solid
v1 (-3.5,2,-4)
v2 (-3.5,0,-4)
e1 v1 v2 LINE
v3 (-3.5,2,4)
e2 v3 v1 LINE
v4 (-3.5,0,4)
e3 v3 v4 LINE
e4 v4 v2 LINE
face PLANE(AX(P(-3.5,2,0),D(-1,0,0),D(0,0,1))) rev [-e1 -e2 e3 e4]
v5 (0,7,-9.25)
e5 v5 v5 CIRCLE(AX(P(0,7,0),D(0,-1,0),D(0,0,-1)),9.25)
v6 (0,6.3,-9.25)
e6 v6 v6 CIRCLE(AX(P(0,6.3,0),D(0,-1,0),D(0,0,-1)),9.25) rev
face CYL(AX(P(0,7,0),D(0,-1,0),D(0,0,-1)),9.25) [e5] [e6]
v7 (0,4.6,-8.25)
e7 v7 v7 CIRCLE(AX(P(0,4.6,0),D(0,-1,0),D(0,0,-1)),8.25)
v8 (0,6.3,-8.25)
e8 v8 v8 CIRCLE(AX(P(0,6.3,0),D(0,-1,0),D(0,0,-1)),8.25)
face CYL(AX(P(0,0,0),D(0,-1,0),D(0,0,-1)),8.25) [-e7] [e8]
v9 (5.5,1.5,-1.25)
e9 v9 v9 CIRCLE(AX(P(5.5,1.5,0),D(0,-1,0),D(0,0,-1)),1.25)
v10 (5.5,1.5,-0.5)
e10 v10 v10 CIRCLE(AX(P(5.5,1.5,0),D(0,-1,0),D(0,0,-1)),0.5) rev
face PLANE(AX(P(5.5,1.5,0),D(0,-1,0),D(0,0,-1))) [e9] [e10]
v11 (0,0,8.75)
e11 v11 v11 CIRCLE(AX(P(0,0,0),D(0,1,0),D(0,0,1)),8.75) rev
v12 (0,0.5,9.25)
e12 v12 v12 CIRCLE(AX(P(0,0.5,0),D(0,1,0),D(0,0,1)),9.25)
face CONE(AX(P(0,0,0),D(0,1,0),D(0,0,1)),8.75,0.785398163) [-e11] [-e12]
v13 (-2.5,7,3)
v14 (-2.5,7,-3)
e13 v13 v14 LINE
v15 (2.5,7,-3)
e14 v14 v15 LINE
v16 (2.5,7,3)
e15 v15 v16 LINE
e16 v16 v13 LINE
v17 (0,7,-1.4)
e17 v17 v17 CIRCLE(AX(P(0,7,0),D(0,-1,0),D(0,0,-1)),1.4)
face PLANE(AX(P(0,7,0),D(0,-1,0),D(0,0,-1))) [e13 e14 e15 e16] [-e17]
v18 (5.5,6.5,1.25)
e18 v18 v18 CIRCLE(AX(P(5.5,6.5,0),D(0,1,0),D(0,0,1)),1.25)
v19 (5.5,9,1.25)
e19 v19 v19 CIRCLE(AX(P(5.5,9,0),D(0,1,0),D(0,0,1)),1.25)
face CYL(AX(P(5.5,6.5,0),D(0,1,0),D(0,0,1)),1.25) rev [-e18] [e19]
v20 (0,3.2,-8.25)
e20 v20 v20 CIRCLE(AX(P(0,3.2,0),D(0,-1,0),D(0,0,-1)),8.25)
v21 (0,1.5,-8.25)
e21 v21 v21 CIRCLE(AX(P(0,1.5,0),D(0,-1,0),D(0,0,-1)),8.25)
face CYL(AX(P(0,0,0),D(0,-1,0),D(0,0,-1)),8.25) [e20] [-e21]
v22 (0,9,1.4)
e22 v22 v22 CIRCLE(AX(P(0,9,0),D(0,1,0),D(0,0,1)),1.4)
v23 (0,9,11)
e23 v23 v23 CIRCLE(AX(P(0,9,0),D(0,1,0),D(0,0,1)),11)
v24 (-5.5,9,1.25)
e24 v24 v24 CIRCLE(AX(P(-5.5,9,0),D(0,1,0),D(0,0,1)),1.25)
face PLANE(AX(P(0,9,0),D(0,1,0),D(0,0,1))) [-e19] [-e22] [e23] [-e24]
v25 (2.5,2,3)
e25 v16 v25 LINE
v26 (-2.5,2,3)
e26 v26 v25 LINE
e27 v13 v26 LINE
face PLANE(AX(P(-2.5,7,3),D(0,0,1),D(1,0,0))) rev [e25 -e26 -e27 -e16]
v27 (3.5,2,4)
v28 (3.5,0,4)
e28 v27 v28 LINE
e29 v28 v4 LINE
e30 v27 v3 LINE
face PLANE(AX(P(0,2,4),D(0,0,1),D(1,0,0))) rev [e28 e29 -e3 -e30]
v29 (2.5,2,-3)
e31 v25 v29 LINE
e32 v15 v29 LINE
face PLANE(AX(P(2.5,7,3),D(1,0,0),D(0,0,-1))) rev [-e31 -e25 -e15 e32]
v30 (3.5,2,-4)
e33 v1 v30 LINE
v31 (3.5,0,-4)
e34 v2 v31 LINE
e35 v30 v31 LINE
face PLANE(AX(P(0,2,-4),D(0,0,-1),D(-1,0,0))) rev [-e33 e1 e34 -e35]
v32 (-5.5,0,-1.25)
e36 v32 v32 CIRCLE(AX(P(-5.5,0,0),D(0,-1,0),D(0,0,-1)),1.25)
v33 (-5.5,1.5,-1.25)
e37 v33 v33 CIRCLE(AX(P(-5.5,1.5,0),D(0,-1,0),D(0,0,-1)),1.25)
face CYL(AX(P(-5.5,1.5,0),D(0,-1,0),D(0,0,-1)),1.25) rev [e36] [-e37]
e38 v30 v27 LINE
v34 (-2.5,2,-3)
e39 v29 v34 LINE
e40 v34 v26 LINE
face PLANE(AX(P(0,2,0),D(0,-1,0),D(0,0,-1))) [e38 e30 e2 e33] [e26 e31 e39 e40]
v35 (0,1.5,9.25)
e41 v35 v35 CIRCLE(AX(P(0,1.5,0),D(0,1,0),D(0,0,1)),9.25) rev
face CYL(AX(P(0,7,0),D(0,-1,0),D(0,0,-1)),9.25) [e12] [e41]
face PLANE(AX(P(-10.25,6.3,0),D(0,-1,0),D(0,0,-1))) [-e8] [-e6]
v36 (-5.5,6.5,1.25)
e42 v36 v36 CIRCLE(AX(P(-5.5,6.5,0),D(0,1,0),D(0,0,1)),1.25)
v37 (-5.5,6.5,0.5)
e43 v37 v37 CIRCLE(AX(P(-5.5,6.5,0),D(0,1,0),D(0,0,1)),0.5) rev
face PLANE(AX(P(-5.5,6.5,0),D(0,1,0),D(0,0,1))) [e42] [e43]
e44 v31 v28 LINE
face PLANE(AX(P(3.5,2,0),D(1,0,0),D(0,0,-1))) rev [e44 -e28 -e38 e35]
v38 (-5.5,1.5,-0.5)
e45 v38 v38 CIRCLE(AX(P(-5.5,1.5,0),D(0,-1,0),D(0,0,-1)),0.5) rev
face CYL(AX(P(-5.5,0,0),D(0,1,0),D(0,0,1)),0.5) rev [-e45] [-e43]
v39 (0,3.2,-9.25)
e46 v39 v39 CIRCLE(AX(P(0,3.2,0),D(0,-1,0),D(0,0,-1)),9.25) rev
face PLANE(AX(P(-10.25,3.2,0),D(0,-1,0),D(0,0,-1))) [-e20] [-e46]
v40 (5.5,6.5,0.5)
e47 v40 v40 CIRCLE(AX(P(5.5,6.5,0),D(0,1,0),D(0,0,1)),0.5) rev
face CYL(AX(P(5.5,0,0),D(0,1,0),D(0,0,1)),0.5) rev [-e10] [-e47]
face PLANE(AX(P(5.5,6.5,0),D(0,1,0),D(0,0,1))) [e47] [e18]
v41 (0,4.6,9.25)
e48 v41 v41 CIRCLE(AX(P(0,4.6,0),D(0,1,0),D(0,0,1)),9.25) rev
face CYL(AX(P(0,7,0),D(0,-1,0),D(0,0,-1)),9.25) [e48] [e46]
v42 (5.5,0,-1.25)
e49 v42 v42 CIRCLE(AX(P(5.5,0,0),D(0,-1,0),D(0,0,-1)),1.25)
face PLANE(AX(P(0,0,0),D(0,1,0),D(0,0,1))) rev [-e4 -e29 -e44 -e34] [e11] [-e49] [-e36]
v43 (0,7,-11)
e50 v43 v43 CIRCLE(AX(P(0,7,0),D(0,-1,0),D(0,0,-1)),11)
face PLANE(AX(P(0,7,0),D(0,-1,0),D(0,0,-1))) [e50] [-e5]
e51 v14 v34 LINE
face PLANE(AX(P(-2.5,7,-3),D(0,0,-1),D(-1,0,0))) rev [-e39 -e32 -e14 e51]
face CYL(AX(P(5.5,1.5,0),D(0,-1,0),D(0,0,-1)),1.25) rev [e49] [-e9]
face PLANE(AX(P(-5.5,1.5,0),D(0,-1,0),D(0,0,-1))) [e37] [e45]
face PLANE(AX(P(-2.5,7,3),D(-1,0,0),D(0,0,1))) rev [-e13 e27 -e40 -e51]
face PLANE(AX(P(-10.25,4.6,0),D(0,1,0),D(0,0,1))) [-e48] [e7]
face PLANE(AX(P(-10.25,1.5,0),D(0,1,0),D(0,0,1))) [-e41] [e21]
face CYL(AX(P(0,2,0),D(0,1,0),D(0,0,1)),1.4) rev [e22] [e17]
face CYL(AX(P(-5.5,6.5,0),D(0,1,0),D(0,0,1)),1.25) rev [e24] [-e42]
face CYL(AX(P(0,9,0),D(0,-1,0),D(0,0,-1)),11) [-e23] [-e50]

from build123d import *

# Parameters (mm, degrees)
SKETCH_1_R          = 11
EXTRUDE_1_DEPTH     = 9
SKETCH_2_R          = 0.5
CUT_EXTRUDE_1_DEPTH = 18.972200756
SKETCH_3_R          = 16.549134696
SKETCH_3_R_2        = 9.25
CUT_EXTRUDE_2_DEPTH = 7
SKETCH_4_W          = 2
SKETCH_4_H          = 1.7
SKETCH_5_W          = 5
SKETCH_5_H          = 6
CUT_EXTRUDE_3_DEPTH = 7
SKETCH_6_R          = 1.4
CUT_EXTRUDE_4_DEPTH = 7
SKETCH_7_R          = 1.25
CUT_EXTRUDE_5_DEPTH = 2.5
CUT_EXTRUDE_START   = -1.5
SKETCH_8_R          = 1.25
CUT_EXTRUDE_6_DEPTH = 1.5
SKETCH_9_W          = 7
SKETCH_9_H          = 8
SKETCH_9_W_2        = 5
SKETCH_9_H_2        = 6
CUT_EXTRUDE_7_DEPTH = 2
CHAMFER_1_SIZE      = 0.5


with BuildPart() as part:
    # 草图1 → 凸台-拉伸1 (new body)
    with BuildSketch(Plane(origin=(0, 0, 0), x_dir=(1, 0, 0), z_dir=(0, 1, 0))):
        with Locations(Location((0, 0, 0), (0, 0, 270))):
            Circle(SKETCH_1_R)
    extrude(amount=EXTRUDE_1_DEPTH)

    # 草图2 → 切除-拉伸1 (cut, through all)
    with BuildSketch(Plane(origin=(0, 9, 0), x_dir=(1, 0, 0), z_dir=(0, 1, 0))):
        with Locations(Location((-5.5, 0, 0), (0, 0, 270))):
            Circle(SKETCH_2_R)
        with Locations(Location((5.5, 0, 0), (0, 0, 270))):
            Circle(SKETCH_2_R)
    extrude(amount=-CUT_EXTRUDE_1_DEPTH, mode=Mode.SUBTRACT)

    # 草图3 → 切除-拉伸2 (cut)
    with BuildSketch(Plane.XZ):
        Circle(SKETCH_3_R)
        with Locations(Location((0, 0, 0), (0, 0, 270))):
            Circle(SKETCH_3_R_2, mode=Mode.SUBTRACT)
    extrude(amount=-CUT_EXTRUDE_2_DEPTH, mode=Mode.SUBTRACT)

    # 草图4 → 切除-旋转1 (revolve, cut)
    with BuildSketch(Plane.XY, mode=Mode.PRIVATE) as cut_revolve_1_sk:
        with Locations((-9.25, 5.45)):
            Rectangle(SKETCH_4_W, SKETCH_4_H)
        with Locations((-9.25, 2.35)):
            Rectangle(SKETCH_4_W, SKETCH_4_H)
    revolve(cut_revolve_1_sk.sketch.rotate(Axis((0, 0, 0), (0, 1, 0)), 270), axis=Axis((0, 0, 0), (0, 1, 0)), mode=Mode.SUBTRACT)

    # 草图5 → 切除-拉伸3 (cut)
    with BuildSketch(Plane.XZ):
        Rectangle(SKETCH_5_W, SKETCH_5_H)
    extrude(amount=-CUT_EXTRUDE_3_DEPTH, mode=Mode.SUBTRACT)

    # 草图6 → 切除-拉伸4 (cut)
    with BuildSketch(Plane(origin=(0, 9, 0), x_dir=(1, 0, 0), z_dir=(0, 1, 0))):
        with Locations(Location((0, 0, 0), (0, 0, 270))):
            Circle(SKETCH_6_R)
    extrude(amount=-CUT_EXTRUDE_4_DEPTH, mode=Mode.SUBTRACT)

    # 草图7 → 切除-拉伸5 (cut)
    with BuildSketch(Plane(origin=(0, 9, 0), x_dir=(1, 0, 0), z_dir=(0, 1, 0))):
        with Locations(Location((-5.5, 0, 0), (0, 0, 270))):
            Circle(SKETCH_7_R)
        with Locations(Location((5.5, 0, 0), (0, 0, 270))):
            Circle(SKETCH_7_R)
    extrude(amount=-CUT_EXTRUDE_5_DEPTH, mode=Mode.SUBTRACT)

    # 草图8 → 切除-拉伸6 (cut)
    with BuildSketch(Plane.XZ.offset(CUT_EXTRUDE_START)):
        with Locations(Location((-5.5, 0, 0), (0, 0, 90))):
            Circle(SKETCH_8_R)
        with Locations(Location((5.5, 0, 0), (0, 0, 90))):
            Circle(SKETCH_8_R)
    extrude(amount=CUT_EXTRUDE_6_DEPTH, mode=Mode.SUBTRACT)

    # 草图9 → 切除-拉伸7 (cut)
    with BuildSketch(Plane.XZ):
        Rectangle(SKETCH_9_W, SKETCH_9_H)
        Rectangle(SKETCH_9_W_2, SKETCH_9_H_2, mode=Mode.SUBTRACT)
    extrude(amount=-CUT_EXTRUDE_7_DEPTH, mode=Mode.SUBTRACT)

    # 倒角1
    chamfer_1_edges = [part.edges().sort_by_distance(p)[0] for p in [
        (0, 0, 9.25),
    ]]
    chamfer(chamfer_1_edges, length=CHAMFER_1_SIZE)


solid = part.part
